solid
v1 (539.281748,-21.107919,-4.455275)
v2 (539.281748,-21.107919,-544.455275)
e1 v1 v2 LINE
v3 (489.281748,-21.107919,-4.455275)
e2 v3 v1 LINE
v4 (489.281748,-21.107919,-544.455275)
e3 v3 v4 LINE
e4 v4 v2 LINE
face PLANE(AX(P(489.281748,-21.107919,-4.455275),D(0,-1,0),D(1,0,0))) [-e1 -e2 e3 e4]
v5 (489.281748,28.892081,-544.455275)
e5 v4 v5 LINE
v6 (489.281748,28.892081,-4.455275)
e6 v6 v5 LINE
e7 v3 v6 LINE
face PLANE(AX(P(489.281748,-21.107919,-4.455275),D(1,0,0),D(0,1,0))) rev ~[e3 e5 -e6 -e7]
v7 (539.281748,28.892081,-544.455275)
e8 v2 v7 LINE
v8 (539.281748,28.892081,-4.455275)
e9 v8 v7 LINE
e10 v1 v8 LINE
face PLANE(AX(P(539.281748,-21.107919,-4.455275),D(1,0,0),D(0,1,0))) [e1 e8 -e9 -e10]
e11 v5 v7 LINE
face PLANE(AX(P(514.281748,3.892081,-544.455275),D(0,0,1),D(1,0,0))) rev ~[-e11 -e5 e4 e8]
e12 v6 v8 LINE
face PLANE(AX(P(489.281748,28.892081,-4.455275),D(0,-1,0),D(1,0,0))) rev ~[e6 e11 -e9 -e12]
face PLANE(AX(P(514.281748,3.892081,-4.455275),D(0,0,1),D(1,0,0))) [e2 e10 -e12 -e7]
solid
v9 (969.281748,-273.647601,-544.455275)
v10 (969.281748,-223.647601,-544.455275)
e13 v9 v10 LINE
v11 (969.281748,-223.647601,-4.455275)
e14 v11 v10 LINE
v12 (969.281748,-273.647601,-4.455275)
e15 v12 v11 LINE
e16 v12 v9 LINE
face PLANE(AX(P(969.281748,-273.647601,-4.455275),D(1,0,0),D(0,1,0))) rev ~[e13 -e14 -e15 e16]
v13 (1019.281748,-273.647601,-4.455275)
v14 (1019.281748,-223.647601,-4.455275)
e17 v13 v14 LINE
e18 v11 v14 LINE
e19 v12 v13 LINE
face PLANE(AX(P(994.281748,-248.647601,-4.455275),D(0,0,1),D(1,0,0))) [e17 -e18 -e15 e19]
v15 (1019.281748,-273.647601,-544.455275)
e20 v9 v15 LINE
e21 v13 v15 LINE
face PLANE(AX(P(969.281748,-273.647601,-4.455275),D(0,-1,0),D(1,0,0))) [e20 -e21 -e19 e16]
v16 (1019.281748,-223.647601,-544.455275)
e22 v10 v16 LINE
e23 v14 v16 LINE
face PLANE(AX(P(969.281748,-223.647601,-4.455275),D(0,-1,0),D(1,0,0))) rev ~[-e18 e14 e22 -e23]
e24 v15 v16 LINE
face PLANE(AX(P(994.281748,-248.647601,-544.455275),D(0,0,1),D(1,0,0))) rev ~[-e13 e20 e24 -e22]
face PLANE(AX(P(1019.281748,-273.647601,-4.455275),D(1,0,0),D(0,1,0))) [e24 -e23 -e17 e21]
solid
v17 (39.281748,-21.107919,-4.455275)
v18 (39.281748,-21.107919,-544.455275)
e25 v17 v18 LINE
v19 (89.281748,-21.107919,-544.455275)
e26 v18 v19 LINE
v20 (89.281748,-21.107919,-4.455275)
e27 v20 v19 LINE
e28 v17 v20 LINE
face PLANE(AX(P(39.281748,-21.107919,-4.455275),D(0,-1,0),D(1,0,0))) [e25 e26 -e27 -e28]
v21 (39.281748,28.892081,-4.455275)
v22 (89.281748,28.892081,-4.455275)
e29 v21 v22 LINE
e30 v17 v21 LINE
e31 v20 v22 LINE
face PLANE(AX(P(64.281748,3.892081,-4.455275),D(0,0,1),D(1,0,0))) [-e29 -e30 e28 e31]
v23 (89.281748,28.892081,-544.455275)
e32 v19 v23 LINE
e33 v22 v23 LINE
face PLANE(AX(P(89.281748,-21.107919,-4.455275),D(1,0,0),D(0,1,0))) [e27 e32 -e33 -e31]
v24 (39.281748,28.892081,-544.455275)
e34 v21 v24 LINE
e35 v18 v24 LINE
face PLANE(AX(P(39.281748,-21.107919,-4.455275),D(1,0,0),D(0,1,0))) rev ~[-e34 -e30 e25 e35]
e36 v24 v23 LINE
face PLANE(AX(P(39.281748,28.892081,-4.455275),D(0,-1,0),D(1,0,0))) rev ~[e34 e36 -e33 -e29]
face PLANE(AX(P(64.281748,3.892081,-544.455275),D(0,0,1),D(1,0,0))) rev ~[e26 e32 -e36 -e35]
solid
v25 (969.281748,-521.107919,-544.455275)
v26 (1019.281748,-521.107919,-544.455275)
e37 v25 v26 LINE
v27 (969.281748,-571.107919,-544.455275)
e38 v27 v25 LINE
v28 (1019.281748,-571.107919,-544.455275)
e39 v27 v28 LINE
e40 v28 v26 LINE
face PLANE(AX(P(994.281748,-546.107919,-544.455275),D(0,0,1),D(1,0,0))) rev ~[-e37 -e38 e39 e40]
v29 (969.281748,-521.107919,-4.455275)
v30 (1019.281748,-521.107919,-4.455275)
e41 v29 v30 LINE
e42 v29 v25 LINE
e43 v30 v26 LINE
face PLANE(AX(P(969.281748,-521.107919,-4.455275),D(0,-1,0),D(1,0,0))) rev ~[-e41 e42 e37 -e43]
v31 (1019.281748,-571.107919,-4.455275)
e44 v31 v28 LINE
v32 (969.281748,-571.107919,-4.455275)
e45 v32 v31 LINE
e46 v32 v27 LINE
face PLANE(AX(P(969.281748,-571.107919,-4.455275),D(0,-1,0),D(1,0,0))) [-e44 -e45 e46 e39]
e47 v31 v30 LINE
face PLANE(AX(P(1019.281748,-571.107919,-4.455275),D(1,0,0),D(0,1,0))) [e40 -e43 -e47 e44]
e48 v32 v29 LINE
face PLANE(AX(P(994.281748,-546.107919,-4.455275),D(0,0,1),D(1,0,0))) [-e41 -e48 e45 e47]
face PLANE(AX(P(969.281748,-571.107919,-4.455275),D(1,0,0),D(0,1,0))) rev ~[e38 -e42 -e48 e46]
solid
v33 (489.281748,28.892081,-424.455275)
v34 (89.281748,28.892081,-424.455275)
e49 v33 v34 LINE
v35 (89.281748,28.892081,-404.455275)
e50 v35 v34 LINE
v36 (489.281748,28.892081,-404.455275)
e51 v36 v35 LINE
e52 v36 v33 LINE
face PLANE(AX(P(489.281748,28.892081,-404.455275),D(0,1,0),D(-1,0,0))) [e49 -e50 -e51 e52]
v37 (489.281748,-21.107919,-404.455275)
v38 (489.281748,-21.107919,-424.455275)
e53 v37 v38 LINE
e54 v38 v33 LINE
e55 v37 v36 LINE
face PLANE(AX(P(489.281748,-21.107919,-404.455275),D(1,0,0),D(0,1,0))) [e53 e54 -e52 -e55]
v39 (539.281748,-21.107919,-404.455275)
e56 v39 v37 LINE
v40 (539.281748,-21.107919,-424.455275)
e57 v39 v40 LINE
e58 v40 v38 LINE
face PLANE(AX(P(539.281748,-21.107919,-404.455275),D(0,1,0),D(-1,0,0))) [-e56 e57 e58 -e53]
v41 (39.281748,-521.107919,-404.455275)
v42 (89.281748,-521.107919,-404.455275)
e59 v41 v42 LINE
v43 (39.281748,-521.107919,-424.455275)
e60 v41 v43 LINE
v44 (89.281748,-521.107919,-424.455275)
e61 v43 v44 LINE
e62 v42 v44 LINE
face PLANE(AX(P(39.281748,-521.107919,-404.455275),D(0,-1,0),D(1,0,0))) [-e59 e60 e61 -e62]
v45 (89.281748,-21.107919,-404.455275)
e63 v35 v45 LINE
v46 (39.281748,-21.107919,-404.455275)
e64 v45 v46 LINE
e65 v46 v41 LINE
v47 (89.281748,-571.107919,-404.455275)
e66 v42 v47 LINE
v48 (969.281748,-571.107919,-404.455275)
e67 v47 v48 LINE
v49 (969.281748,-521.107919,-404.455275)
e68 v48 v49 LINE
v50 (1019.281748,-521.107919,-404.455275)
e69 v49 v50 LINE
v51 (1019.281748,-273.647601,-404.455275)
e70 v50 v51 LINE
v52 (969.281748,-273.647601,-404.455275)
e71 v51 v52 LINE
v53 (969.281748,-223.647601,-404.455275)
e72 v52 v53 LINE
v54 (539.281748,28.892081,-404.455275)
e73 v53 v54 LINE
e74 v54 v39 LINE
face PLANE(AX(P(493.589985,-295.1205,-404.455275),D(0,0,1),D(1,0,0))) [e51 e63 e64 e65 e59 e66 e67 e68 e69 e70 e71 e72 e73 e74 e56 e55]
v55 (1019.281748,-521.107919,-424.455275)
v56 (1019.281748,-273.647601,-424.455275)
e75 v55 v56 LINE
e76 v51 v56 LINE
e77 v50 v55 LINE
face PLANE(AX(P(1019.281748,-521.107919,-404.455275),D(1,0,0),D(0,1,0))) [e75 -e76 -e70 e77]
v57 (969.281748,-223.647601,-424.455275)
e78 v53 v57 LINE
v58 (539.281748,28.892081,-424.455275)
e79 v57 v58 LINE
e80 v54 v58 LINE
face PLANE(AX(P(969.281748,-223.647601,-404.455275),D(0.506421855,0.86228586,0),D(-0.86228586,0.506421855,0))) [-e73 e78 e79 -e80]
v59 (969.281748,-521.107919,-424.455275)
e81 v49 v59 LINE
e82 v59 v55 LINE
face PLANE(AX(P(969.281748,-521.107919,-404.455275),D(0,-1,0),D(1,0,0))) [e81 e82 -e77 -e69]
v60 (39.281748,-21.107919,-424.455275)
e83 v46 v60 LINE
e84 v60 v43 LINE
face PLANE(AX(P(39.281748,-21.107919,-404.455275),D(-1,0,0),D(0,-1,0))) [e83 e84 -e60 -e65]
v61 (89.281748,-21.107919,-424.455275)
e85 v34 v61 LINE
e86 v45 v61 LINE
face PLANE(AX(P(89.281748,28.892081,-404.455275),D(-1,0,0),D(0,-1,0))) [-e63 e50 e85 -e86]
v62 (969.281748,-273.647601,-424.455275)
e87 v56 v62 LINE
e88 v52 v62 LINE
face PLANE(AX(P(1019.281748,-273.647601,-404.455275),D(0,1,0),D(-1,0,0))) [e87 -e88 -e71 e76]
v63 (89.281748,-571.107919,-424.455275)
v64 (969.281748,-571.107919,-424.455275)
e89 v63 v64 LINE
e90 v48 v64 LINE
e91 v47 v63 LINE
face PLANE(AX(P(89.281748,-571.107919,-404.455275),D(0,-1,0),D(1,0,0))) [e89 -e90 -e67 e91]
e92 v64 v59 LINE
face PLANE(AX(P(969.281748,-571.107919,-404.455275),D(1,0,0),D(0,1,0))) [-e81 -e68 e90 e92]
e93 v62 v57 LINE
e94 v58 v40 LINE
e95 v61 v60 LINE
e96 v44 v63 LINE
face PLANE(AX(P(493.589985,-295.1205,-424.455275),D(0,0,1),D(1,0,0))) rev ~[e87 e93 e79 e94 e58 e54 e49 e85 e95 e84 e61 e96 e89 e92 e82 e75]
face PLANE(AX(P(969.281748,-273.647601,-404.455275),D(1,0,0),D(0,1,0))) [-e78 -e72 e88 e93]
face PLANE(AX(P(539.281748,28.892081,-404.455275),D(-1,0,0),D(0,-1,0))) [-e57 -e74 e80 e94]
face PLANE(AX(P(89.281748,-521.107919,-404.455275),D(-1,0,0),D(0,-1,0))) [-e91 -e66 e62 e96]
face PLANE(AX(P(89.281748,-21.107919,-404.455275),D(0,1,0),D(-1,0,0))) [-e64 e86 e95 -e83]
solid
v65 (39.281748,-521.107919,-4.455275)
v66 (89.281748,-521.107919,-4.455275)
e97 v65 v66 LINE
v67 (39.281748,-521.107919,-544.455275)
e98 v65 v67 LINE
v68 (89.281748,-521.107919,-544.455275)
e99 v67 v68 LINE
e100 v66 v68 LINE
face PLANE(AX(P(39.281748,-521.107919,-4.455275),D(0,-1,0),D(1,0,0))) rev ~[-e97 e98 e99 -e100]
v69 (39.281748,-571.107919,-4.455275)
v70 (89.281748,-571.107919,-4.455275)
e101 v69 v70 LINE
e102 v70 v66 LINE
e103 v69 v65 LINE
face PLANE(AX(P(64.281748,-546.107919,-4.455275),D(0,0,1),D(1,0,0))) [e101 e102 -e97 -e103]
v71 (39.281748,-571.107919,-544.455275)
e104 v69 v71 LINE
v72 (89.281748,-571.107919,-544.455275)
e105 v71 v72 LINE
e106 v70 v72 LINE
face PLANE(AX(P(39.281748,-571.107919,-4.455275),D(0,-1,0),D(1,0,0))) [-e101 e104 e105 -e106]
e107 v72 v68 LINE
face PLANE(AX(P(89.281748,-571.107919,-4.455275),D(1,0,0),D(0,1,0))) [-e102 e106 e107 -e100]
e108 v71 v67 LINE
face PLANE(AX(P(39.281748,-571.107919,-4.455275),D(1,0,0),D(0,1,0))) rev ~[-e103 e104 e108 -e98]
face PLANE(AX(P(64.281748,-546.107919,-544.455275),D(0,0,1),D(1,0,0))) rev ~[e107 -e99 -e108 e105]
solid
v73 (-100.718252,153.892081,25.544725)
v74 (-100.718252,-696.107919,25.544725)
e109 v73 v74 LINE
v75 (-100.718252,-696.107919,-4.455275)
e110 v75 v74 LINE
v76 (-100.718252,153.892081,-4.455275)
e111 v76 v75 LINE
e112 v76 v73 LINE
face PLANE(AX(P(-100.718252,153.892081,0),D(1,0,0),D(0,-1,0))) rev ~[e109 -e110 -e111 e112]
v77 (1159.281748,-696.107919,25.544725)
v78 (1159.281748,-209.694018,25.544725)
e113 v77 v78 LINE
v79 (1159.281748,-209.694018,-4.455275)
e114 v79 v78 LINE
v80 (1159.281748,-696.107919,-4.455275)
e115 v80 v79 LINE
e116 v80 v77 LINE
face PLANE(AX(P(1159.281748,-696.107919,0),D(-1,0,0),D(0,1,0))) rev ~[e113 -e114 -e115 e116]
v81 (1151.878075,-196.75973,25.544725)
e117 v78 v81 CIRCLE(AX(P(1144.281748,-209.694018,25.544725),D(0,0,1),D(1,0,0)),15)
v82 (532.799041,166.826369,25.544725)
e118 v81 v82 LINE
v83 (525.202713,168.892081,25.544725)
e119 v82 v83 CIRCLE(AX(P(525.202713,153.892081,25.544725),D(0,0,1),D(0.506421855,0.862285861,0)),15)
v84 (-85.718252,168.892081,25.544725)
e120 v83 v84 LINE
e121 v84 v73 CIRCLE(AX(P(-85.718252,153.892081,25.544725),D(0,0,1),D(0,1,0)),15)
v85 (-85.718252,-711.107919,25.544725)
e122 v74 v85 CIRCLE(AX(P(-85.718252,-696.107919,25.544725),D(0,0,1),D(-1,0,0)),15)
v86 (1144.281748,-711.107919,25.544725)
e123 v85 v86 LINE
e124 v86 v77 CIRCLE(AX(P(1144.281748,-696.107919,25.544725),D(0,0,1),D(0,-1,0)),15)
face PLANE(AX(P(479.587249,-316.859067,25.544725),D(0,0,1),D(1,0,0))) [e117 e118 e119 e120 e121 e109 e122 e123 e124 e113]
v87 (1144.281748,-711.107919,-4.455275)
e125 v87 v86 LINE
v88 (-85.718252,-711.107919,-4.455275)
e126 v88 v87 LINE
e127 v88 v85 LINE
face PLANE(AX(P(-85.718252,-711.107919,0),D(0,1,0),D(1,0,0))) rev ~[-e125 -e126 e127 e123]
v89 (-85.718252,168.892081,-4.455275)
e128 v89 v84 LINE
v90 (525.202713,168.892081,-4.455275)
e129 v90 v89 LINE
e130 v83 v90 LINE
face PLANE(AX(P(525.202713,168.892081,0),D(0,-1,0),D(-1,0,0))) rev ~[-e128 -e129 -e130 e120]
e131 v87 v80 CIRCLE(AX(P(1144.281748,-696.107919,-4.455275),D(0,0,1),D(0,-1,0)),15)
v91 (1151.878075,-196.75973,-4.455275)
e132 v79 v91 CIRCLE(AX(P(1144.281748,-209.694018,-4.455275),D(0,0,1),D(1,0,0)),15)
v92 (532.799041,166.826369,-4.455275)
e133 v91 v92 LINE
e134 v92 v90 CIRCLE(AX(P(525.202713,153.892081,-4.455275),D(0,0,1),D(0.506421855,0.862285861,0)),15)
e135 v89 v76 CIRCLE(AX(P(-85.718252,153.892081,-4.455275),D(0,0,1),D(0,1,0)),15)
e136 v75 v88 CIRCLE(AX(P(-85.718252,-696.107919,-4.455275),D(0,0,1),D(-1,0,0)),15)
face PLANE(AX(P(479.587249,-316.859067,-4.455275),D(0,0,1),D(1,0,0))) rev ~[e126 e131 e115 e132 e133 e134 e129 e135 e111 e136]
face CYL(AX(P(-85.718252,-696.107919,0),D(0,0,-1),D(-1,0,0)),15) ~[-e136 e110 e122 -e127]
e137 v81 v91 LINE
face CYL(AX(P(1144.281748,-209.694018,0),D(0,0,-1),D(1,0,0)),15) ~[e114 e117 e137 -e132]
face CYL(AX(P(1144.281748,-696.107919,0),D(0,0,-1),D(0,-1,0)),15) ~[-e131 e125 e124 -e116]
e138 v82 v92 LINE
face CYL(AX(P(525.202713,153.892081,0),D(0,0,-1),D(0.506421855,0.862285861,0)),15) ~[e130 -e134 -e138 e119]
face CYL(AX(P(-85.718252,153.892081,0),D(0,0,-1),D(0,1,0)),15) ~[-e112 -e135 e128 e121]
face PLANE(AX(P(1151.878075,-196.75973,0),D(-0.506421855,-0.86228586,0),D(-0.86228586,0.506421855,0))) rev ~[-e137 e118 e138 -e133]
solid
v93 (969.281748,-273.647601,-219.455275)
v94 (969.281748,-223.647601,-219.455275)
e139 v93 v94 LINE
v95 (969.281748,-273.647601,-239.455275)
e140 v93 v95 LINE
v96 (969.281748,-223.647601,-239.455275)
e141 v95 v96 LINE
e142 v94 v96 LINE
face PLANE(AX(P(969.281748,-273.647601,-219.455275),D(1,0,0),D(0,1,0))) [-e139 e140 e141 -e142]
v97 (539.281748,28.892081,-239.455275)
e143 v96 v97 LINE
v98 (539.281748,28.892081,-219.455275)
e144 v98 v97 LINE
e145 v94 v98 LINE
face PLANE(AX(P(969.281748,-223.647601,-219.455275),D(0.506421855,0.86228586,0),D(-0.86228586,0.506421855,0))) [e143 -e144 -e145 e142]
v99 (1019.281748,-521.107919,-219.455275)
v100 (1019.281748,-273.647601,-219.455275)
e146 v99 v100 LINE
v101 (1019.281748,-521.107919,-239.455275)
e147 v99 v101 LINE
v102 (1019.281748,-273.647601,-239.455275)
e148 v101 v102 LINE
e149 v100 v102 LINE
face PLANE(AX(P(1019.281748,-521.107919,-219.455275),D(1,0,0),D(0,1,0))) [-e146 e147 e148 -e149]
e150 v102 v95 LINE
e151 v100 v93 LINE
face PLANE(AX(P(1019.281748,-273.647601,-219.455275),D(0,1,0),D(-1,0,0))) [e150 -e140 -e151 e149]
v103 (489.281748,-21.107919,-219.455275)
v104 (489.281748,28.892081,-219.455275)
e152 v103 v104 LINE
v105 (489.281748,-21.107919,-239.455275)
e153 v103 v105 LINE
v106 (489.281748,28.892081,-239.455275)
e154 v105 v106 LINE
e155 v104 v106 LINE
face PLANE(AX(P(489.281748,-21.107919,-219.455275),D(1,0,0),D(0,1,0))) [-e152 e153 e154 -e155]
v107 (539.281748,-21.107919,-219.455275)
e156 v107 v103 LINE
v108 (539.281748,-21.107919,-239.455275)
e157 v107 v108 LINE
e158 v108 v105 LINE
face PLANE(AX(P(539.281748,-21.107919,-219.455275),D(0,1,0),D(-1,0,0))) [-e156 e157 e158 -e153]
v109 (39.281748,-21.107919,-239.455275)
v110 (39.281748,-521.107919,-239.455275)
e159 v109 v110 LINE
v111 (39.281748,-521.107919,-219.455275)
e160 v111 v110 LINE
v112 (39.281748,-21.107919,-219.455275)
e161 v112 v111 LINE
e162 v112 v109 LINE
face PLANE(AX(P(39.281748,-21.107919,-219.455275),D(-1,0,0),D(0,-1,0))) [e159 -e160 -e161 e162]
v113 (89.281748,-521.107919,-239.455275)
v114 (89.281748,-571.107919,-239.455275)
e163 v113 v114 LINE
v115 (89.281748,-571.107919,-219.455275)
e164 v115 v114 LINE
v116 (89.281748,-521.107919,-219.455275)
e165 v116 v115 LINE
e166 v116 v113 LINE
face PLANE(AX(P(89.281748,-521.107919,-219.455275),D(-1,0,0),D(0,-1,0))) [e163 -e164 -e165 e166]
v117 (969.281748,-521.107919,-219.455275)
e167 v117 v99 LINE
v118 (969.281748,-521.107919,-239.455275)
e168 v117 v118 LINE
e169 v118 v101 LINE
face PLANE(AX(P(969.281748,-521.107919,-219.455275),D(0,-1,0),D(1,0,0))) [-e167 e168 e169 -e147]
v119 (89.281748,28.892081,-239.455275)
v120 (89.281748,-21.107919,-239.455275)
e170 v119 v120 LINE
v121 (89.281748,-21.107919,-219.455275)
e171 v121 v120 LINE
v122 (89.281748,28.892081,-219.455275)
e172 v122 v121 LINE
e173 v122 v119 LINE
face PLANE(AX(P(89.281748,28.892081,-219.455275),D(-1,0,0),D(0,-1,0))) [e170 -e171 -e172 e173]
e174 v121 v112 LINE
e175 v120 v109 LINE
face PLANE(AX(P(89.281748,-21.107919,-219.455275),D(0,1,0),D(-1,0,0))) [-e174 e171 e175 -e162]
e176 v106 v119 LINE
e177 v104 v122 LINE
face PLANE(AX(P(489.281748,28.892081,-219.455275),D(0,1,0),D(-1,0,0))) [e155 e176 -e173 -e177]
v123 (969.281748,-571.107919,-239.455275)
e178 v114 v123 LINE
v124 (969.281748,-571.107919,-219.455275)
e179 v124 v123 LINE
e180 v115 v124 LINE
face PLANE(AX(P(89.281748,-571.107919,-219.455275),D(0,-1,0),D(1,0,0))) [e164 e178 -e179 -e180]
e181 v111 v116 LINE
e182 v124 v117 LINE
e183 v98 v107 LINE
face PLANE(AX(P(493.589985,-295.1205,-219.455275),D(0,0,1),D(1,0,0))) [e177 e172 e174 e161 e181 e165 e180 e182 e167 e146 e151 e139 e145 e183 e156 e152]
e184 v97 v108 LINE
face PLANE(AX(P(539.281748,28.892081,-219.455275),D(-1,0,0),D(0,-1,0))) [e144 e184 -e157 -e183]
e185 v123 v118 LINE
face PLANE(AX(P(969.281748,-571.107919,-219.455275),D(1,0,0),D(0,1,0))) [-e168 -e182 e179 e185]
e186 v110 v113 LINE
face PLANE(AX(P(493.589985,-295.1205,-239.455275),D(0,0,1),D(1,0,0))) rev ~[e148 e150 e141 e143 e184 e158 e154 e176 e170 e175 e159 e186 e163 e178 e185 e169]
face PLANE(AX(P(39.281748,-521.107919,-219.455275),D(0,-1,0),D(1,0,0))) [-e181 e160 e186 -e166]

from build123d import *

# Parameters (mm, degrees)
F2_START      = -4.4552753679
F0_W          = 50
F0_H          = 50
F2_DEPTH      = 540
F3_DEPTH      = 4.4552753679
F3_DEPTH_BACK = 25.5447246321
F4_START      = -404.4552753679
F4_DEPTH      = 20
F5_START      = -219.4552753679
F5_DEPTH      = 20


with BuildPart() as f2:
    # F0 (on Top) → F2 (new body)
    with BuildSketch(Plane.XY.offset(F2_START)):
        with Locations((64.2817475274, -546.1079187691)):
            Rectangle(F0_W, F0_H)
    extrude(amount=-F2_DEPTH)


with BuildPart() as f2b:
    # F0 (on Top) → F2, piece 2 (new body)
    with BuildSketch(Plane.XY.offset(F2_START)):
        with Locations((994.2817475274, -546.1079187691)):
            Rectangle(F0_W, F0_H)
    extrude(amount=-F2_DEPTH)


with BuildPart() as f2c:
    # F0 (on Top) → F2, piece 3 (new body)
    with BuildSketch(Plane.XY.offset(F2_START)):
        with Locations((994.2817475274, -248.6476013088)):
            Rectangle(F0_W, F0_H)
    extrude(amount=-F2_DEPTH)


with BuildPart() as f2d:
    # F0 (on Top) → F2, piece 4 (new body)
    with BuildSketch(Plane.XY.offset(F2_START)):
        with Locations((514.2817475274, 3.8920812309)):
            Rectangle(F0_W, F0_H)
    extrude(amount=-F2_DEPTH)


with BuildPart() as f2e:
    # F0 (on Top) → F2, piece 5 (new body)
    with BuildSketch(Plane.XY.offset(F2_START)):
        with Locations((64.2817475274, 3.8920812309)):
            Rectangle(F0_W, F0_H)
    extrude(amount=-F2_DEPTH)


with BuildPart() as f3:
    # F0 (on Top) → F3 (new body, two sides)
    with BuildSketch(Plane.XY) as f3_sk:
        with BuildLine():
            Line((525.2027132718, 168.8920812309), (-85.7182524726, 168.8920812309))
            ThreePointArc((-85.7182524726, 168.8920812309), (-96.3248541904, 164.4986829487), (-100.7182524726, 153.8920812309))
            Line((-100.7182524726, 153.8920812309), (-100.7182524726, -696.1079187691))
            ThreePointArc((-100.7182524726, -696.1079187691), (-96.3248541904, -706.7145204869), (-85.7182524726, -711.1079187691))
            Line((-85.7182524726, -711.1079187691), (1144.2817475274, -711.1079187691))
            ThreePointArc((1144.2817475274, -711.1079187691), (1154.8883492452, -706.7145204869), (1159.2817475274, -696.1079187691))
            Line((1159.2817475274, -696.1079187691), (1159.2817475274, -209.6940182526))
            ThreePointArc((1159.2817475274, -209.6940182526), (1157.2999063312, -202.2423378139), (1151.8780753461, -196.7597303451))
            Line((1151.8780753461, -196.7597303451), (532.7990410905, 166.8263691383))
            ThreePointArc((532.7990410905, 166.8263691383), (529.1388078711, 168.366443369), (525.2027132718, 168.8920812309))
        make_face()
        Polygon((39.2817475274, -21.1079187691), (39.2817475274, 28.8920812309), (89.2817475274, 28.8920812309), (489.2817475274, 28.8920812309), (539.2817475274, 28.8920812309), (969.2817475274, -223.6476013088), (1019.2817475274, -223.6476013088), (1019.2817475274, -273.6476013088), (1019.2817475274, -521.1079187691), (1019.2817475274, -571.1079187691), (969.2817475274, -571.1079187691), (89.2817475274, -571.1079187691), (39.2817475274, -571.1079187691), (39.2817475274, -521.1079187691), align=None, mode=Mode.SUBTRACT)
        Polygon((489.2817475274, 28.8920812309), (89.2817475274, 28.8920812309), (89.2817475274, -21.1079187691), (39.2817475274, -21.1079187691), (39.2817475274, -521.1079187691), (89.2817475274, -521.1079187691), (89.2817475274, -571.1079187691), (969.2817475274, -571.1079187691), (969.2817475274, -521.1079187691), (1019.2817475274, -521.1079187691), (1019.2817475274, -273.6476013088), (969.2817475274, -273.6476013088), (969.2817475274, -223.6476013088), (539.2817475274, 28.8920812309), (539.2817475274, -21.1079187691), (489.2817475274, -21.1079187691), align=None)
        with Locations((64.2817475274, -546.1079187691)):
            Rectangle(F0_W, F0_H)
        with Locations((994.2817475274, -546.1079187691)):
            Rectangle(F0_W, F0_H)
        with Locations((994.2817475274, -248.6476013088)):
            Rectangle(F0_W, F0_H)
        with Locations((514.2817475274, 3.8920812309)):
            Rectangle(F0_W, F0_H)
        with Locations((64.2817475274, 3.8920812309)):
            Rectangle(F0_W, F0_H)
    extrude(amount=-F3_DEPTH)
    extrude(f3_sk.sketch, amount=F3_DEPTH_BACK)


with BuildPart() as f4:
    # F0 (on Top) → F4 (new body)
    with BuildSketch(Plane.XY.offset(F4_START)):
        Polygon((489.2817475274, 28.8920812309), (89.2817475274, 28.8920812309), (89.2817475274, -21.1079187691), (39.2817475274, -21.1079187691), (39.2817475274, -521.1079187691), (89.2817475274, -521.1079187691), (89.2817475274, -571.1079187691), (969.2817475274, -571.1079187691), (969.2817475274, -521.1079187691), (1019.2817475274, -521.1079187691), (1019.2817475274, -273.6476013088), (969.2817475274, -273.6476013088), (969.2817475274, -223.6476013088), (539.2817475274, 28.8920812309), (539.2817475274, -21.1079187691), (489.2817475274, -21.1079187691), align=None)
    extrude(amount=-F4_DEPTH)


with BuildPart() as f5:
    # F0 (on Top) → F5 (new body)
    with BuildSketch(Plane.XY.offset(F5_START)):
        Polygon((489.2817475274, 28.8920812309), (89.2817475274, 28.8920812309), (89.2817475274, -21.1079187691), (39.2817475274, -21.1079187691), (39.2817475274, -521.1079187691), (89.2817475274, -521.1079187691), (89.2817475274, -571.1079187691), (969.2817475274, -571.1079187691), (969.2817475274, -521.1079187691), (1019.2817475274, -521.1079187691), (1019.2817475274, -273.6476013088), (969.2817475274, -273.6476013088), (969.2817475274, -223.6476013088), (539.2817475274, 28.8920812309), (539.2817475274, -21.1079187691), (489.2817475274, -21.1079187691), align=None)
    extrude(amount=-F5_DEPTH)


solid = Compound([f2.part, f2b.part, f2c.part, f2d.part, f2e.part, f3.part, f4.part, f5.part])
